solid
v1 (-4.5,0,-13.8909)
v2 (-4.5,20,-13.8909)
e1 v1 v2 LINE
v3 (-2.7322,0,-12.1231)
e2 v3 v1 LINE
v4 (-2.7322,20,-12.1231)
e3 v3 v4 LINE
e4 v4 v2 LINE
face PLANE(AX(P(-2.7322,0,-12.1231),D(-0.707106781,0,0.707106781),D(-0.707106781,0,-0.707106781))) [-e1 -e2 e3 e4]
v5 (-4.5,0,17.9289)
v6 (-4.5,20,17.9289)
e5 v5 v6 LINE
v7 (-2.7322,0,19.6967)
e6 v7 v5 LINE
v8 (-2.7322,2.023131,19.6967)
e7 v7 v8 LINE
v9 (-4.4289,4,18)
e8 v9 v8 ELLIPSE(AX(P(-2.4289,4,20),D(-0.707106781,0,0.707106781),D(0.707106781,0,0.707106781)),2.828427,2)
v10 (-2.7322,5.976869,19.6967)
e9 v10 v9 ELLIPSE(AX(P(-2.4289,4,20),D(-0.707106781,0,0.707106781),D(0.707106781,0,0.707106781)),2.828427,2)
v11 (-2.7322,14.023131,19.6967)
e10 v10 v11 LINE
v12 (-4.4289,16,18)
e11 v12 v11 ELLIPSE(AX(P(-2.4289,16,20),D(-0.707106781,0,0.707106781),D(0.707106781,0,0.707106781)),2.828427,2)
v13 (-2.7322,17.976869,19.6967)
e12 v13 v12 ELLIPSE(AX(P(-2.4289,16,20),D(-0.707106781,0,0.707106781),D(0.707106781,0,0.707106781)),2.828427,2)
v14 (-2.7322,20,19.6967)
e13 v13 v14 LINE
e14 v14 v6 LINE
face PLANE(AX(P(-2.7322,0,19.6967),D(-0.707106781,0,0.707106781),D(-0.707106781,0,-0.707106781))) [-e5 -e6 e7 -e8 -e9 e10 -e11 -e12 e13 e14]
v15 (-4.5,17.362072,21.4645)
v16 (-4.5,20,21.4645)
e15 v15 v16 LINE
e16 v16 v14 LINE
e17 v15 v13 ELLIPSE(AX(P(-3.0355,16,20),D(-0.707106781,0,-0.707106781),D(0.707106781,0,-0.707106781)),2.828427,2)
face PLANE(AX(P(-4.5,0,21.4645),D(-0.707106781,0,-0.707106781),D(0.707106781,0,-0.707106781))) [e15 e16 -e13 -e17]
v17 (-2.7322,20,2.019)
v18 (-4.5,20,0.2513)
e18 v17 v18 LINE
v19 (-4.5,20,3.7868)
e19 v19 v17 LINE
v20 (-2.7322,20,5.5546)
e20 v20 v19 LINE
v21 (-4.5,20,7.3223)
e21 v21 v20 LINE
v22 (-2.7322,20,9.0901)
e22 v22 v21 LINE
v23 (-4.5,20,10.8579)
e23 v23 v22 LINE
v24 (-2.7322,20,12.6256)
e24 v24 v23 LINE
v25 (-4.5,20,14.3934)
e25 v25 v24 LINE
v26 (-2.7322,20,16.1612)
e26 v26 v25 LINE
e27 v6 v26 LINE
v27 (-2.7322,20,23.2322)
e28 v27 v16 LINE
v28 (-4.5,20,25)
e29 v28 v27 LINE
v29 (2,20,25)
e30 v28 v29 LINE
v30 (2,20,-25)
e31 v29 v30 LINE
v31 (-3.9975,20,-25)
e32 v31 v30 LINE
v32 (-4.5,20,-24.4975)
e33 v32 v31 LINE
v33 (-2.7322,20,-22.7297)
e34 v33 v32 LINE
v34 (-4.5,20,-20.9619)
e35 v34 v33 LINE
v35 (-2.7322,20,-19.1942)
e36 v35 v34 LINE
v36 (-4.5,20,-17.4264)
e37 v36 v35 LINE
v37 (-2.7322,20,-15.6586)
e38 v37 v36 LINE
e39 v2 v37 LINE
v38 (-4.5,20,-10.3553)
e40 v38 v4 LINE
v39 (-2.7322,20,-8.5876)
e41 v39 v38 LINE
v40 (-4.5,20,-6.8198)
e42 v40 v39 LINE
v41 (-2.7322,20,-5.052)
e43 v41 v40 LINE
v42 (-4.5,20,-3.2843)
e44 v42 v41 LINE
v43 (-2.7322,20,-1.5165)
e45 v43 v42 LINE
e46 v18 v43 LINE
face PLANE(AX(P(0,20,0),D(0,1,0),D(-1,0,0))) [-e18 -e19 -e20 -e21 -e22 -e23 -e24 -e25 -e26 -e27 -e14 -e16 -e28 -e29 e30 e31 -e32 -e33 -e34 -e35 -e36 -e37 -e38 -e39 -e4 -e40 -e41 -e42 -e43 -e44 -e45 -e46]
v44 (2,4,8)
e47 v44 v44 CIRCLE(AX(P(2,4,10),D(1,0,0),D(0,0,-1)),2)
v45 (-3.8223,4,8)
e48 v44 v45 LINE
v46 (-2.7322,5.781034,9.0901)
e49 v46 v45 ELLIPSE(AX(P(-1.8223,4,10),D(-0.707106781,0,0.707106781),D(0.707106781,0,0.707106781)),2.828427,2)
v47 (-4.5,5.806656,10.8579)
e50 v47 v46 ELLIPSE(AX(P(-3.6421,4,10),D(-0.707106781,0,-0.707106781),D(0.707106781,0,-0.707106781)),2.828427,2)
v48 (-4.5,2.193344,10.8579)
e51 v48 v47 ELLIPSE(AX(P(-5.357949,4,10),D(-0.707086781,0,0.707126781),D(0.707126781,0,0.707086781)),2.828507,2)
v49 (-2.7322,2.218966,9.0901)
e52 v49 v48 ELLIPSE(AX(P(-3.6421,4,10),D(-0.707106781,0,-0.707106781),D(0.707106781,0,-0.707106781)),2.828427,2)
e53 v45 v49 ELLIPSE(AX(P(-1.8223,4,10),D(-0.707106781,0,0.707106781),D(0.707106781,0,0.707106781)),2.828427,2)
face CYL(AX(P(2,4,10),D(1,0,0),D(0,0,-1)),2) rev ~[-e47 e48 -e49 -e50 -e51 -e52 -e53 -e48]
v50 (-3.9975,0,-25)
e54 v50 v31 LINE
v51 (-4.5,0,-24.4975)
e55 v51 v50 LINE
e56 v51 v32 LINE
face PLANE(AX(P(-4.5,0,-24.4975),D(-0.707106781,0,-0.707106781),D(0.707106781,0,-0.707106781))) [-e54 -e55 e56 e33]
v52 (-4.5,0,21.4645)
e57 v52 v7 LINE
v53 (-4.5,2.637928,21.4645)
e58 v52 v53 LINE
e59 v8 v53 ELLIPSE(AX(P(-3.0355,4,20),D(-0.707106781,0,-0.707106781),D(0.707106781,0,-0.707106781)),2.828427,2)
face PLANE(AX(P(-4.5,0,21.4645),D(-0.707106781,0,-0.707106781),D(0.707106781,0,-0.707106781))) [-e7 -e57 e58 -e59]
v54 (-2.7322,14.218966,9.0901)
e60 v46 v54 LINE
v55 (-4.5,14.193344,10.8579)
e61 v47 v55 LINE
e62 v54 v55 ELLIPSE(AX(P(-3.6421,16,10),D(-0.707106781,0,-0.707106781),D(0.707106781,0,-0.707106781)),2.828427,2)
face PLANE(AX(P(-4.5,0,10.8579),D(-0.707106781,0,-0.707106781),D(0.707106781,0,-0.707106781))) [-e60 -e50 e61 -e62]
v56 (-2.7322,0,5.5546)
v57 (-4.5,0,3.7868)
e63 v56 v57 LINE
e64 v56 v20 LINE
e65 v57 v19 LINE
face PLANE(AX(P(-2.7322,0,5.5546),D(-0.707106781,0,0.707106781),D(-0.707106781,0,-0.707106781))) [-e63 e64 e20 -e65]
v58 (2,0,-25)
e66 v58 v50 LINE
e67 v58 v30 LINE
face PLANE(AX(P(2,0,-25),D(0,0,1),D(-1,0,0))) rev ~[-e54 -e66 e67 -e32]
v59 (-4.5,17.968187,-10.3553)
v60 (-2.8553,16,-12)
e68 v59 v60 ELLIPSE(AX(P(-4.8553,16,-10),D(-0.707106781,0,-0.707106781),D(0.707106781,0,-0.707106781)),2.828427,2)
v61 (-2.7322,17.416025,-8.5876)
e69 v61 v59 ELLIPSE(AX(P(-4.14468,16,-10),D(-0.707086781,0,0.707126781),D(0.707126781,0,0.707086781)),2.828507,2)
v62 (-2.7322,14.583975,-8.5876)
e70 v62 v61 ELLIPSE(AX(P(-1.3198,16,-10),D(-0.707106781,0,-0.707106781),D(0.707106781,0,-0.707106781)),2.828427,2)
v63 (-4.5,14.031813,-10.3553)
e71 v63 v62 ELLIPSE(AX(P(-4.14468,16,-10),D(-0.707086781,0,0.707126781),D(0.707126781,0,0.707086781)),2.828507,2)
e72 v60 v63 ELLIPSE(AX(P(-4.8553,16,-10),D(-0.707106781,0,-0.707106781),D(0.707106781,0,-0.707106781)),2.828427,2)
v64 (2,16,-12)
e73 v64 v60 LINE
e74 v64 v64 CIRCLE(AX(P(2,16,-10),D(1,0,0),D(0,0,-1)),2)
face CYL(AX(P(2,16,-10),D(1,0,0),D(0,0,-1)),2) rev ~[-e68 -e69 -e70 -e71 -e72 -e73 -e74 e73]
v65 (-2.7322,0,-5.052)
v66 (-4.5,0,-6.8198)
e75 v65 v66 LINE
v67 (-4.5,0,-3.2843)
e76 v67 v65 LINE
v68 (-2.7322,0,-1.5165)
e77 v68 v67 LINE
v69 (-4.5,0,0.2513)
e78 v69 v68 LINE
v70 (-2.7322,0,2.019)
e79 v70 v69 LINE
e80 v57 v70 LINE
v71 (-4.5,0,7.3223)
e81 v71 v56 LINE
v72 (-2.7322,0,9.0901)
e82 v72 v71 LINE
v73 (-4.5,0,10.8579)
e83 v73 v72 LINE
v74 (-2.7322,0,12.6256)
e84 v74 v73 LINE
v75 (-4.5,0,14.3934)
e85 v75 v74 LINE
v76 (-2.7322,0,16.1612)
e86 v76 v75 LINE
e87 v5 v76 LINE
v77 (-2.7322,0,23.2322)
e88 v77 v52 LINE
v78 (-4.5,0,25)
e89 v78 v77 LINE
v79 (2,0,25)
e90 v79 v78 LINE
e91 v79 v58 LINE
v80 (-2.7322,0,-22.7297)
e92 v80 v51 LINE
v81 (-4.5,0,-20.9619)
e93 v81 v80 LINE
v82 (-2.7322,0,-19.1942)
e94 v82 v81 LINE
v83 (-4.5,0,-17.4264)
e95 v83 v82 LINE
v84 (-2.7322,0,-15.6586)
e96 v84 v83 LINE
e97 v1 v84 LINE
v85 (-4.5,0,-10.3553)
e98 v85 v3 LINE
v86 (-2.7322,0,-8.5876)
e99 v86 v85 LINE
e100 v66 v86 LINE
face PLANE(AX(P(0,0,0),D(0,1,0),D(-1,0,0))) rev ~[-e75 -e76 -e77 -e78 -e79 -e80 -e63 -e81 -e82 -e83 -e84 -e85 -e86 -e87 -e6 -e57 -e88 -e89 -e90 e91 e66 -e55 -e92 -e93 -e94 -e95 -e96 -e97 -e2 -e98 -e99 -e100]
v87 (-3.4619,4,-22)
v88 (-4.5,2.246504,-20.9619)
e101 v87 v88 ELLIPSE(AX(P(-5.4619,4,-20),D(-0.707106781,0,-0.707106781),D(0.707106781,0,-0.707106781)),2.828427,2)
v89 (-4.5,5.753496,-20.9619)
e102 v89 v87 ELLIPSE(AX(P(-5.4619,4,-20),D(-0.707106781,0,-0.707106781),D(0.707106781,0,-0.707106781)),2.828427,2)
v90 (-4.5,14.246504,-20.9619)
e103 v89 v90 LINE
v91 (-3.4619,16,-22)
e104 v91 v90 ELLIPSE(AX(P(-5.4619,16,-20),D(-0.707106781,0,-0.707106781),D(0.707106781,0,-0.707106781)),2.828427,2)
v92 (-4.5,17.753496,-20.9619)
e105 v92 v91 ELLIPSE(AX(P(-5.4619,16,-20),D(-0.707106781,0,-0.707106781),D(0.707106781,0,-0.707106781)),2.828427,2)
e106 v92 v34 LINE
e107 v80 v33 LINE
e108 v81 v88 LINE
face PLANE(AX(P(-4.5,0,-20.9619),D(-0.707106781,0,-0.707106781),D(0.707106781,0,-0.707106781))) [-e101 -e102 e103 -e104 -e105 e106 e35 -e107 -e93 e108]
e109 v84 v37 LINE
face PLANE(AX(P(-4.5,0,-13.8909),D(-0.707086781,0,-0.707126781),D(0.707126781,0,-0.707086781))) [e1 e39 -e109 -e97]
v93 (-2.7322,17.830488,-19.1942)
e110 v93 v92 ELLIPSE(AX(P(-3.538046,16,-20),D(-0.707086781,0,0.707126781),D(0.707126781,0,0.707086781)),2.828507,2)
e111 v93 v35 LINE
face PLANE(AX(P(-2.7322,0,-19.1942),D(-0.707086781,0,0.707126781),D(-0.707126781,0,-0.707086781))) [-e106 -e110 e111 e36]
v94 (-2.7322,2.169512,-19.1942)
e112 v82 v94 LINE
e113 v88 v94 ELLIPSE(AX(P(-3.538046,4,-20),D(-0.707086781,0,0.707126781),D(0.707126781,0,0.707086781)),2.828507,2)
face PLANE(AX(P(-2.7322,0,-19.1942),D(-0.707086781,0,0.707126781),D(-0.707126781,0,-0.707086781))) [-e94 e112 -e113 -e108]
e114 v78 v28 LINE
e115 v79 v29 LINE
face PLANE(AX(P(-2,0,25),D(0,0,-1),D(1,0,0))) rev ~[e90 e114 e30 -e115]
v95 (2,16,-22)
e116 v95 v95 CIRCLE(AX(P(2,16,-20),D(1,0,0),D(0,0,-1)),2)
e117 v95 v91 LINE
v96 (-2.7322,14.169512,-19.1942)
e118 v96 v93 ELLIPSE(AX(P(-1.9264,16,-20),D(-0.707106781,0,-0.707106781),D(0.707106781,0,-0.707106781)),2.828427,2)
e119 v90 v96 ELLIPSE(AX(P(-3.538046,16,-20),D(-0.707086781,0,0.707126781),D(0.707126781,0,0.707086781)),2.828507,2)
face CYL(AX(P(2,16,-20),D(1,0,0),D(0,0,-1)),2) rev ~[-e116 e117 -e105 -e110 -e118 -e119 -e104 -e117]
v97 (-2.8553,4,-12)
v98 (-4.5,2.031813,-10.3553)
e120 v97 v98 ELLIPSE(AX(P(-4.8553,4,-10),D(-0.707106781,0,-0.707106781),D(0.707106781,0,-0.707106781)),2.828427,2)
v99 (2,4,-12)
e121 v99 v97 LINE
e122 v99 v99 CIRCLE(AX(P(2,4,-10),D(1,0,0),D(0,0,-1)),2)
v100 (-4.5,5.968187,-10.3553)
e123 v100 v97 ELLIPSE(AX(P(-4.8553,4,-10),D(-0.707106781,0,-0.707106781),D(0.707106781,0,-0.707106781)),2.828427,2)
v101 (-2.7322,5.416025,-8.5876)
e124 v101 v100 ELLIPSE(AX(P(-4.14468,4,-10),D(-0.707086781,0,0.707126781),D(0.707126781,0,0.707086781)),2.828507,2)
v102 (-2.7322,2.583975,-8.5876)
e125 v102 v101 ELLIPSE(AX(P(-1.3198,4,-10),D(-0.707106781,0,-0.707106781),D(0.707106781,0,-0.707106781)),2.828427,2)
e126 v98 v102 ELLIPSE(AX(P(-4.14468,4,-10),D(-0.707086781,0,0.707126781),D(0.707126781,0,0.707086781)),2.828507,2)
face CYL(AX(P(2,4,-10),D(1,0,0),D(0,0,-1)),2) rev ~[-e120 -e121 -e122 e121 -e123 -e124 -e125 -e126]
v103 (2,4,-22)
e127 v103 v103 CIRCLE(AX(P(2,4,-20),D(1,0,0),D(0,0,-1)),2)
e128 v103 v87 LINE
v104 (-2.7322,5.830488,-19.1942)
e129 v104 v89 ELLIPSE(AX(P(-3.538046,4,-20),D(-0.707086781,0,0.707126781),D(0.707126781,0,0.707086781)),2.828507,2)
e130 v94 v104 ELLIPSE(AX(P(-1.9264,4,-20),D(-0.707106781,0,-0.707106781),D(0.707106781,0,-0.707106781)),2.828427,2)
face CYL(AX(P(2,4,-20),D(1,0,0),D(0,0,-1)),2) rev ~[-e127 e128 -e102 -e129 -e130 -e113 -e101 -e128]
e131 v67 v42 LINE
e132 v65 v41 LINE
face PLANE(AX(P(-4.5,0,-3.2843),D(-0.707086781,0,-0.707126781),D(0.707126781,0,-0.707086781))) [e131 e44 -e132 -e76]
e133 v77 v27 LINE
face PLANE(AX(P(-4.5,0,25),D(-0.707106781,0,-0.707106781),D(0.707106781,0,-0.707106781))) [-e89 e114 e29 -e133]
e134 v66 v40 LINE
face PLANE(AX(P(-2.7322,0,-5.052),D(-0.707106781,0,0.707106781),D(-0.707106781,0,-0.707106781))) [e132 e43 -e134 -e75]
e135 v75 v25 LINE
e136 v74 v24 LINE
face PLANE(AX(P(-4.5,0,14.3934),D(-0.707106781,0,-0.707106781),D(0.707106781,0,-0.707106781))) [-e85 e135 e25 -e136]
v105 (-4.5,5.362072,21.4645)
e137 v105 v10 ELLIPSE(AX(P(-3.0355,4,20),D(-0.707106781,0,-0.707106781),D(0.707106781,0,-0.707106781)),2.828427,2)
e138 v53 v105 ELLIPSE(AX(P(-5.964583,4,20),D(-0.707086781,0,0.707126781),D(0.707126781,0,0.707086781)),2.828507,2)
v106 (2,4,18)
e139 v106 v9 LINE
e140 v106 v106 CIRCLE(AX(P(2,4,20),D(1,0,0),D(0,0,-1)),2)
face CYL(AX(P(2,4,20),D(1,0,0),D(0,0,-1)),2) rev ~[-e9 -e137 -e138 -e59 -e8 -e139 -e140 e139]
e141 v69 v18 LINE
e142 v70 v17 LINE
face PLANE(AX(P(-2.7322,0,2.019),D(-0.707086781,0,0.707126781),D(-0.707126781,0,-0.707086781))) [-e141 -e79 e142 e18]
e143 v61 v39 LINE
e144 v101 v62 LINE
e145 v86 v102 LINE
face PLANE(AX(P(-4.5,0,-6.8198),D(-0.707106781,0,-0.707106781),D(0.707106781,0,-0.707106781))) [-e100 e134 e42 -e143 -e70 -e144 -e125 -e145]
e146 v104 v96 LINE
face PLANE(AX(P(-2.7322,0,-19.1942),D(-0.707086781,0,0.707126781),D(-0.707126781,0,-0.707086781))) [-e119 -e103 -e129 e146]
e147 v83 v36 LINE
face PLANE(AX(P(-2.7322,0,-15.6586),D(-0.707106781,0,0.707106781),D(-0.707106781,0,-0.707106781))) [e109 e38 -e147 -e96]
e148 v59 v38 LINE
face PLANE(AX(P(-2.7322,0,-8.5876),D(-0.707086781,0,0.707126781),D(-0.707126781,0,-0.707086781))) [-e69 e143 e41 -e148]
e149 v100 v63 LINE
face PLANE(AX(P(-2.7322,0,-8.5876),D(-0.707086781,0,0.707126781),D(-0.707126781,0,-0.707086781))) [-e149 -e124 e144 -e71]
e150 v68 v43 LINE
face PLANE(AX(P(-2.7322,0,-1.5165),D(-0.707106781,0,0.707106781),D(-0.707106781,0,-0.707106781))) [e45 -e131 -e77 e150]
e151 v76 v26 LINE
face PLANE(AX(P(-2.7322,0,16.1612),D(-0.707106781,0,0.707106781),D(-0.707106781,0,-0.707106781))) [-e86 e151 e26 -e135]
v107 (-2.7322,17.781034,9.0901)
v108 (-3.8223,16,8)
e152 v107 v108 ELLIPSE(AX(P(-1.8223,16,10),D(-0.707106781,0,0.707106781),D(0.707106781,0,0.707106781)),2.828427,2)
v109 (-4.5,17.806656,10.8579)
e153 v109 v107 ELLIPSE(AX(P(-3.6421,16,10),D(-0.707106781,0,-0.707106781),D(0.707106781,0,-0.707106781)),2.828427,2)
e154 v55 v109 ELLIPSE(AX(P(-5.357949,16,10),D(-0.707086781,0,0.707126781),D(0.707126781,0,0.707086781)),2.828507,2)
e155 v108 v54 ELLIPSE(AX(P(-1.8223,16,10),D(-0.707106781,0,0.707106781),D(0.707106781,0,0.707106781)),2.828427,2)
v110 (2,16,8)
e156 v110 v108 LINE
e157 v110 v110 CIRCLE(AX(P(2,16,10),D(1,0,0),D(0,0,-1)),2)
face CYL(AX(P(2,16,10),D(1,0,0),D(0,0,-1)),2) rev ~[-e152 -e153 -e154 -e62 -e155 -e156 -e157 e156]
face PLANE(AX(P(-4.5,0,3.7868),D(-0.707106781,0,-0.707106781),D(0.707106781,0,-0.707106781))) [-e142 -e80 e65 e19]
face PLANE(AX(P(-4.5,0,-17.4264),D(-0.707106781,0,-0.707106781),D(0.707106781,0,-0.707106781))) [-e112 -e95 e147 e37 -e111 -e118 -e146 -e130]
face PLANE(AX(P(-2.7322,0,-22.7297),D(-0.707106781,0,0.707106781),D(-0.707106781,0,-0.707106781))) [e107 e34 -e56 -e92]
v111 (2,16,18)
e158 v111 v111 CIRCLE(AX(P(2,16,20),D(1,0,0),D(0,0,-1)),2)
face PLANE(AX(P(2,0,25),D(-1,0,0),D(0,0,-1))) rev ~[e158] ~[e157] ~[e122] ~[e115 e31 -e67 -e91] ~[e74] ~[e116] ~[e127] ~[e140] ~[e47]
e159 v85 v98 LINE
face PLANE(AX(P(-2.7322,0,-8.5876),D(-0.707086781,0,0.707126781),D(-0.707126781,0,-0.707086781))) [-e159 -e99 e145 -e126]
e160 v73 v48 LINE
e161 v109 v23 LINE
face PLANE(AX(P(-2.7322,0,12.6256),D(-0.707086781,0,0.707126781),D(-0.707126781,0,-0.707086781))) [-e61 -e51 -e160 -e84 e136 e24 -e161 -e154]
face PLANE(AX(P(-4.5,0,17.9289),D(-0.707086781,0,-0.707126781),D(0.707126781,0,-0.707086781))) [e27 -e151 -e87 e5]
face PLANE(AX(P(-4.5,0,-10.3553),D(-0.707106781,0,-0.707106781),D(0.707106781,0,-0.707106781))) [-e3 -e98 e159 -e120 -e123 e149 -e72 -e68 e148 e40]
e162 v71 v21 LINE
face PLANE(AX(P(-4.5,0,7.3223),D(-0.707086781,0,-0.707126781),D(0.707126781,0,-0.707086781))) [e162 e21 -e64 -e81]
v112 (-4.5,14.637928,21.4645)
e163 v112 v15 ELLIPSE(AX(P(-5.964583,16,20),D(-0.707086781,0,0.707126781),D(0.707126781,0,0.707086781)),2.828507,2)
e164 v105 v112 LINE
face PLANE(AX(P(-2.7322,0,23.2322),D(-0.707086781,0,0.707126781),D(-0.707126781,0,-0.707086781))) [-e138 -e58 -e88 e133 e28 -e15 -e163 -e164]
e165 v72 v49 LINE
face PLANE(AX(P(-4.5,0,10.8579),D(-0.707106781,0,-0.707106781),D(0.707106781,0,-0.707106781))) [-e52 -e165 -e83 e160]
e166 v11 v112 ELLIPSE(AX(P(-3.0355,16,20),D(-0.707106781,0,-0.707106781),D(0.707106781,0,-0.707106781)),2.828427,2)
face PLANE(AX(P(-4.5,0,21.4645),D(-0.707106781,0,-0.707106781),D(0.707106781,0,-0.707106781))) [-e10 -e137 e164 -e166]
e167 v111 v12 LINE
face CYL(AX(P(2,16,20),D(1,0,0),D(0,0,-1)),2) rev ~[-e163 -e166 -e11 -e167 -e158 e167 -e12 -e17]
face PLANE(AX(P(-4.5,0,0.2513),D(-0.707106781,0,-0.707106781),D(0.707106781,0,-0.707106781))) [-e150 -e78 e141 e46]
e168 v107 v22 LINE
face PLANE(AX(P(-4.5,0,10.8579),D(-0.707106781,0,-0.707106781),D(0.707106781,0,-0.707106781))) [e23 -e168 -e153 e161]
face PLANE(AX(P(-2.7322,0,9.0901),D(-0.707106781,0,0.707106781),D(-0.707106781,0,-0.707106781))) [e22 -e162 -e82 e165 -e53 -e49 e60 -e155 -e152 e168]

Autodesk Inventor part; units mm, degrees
ref_plane "YZ Plane" through (0, 0, 0) normal (1, 0, 0) x (0, 1, 0)
ref_plane "XZ Plane" through (0, 0, 0) normal (0, 1, 0) x (-1, 0, 0)
ref_plane "XY Plane" through (0, 0, 0) normal (0, 0, 1) x (1, 0, 0)
sketch "Sketch1" plane through (0, 0, 0) normal (0, 1, 0) x (-1, 0, 0)
  line L0 (2, 25) -> (-2, 25)
  line L1 (-2, 25) -> (-2, -25)
  line L2 (-2, -25) -> (2, -25)
  line L3 (2, -25) -> (2, 25)
  line L4 (2, 25) -> (4.5, 25)
  line L5 (4.5, 25) -> (2.7322, 23.2322)
  line L6 (2.7322, 23.2322) -> (4.5, 21.4645)
  line L7 (4.5, 21.4645) -> (2.7322, 19.6967)
  line L8 (2.7322, 19.6967) -> (4.5, 17.9289)
  line L9 (4.5, 17.9289) -> (2.7322, 16.1612)
  line L10 (2.7322, 16.1612) -> (4.5, 14.3934)
  line L11 (4.5, 14.3934) -> (2.7322, 12.6256)
  line L12 (2.7322, 12.6256) -> (4.5, 10.8579)
  line L13 (4.5, 10.8579) -> (2.7322, 9.0901)
  line L14 (2.7322, 9.0901) -> (4.5, 7.3223)
  line L15 (4.5, 7.3223) -> (2.7322, 5.5546)
  line L16 (2.7322, 5.5546) -> (4.5, 3.7868)
  line L17 (4.5, 3.7868) -> (2.7322, 2.019)
  line L18 (2.7322, 2.019) -> (4.5, 0.2513)
  line L19 (4.5, 0.2513) -> (2.7322, -1.5165)
  line L20 (2.7322, -1.5165) -> (4.5, -3.2843)
  line L21 (4.5, -3.2843) -> (2.7322, -5.052)
  line L22 (2.7322, -5.052) -> (4.5, -6.8198)
  line L23 (4.5, -6.8198) -> (2.7322, -8.5876)
  line L24 (2.7322, -8.5876) -> (4.5, -10.3553)
  line L25 (4.5, -10.3553) -> (2.7322, -12.1231)
  line L26 (2.7322, -12.1231) -> (4.5, -13.8909)
  line L27 (4.5, -13.8909) -> (2.7322, -15.6586)
  line L28 (2.7322, -15.6586) -> (4.5, -17.4264)
  line L29 (4.5, -17.4264) -> (2.7322, -19.1942)
  line L30 (2.7322, -19.1942) -> (4.5, -20.9619)
  line L31 (4.5, -20.9619) -> (2.7322, -22.7297)
  line L32 (2.7322, -22.7297) -> (4.5, -24.4975)
  line L33 (4.5, -24.4975) -> (3.9975, -25)
  line L34 (3.9975, -25) -> (2, -25)
  point P0 (0, 0)
  dimension "d0" = 4
  dimension "d1" = 50
  dimension "d2" = 2.5
  dimension "d3" = 2.5
  dimension "d4" = 45
  dimension "d5" = 2.5
extrude "Extrusion1" add sketch "Sketch1" along normal blind 20
sketch "Sketch2" plane through (2, 0, 25) normal (1, 0, 0) x (0, 0, -1)
  circle A0 centre (15, 4) radius 2
  circle A1 centre (35, 4) radius 2
  circle A2 centre (35, 16) radius 2
  circle A3 centre (15, 16) radius 2
  circle A4 centre (45, 16) radius 2
  circle A5 centre (45, 4) radius 2
  circle A6 centre (5, 4) radius 2
  circle A7 centre (5, 16) radius 2
  point P0 (25, 0)
  dimension "d8" = 4
  dimension "d9" = 4
  dimension "d10" = 4
  dimension "d11" = 4
  dimension "d12" = 4
  dimension "d13" = 4
  dimension "d14" = 4
  dimension "d15" = 4
extrude "Extrusion2" cut sketch "Sketch2" against normal blind 20
properties part number "beltTensionerSide"
